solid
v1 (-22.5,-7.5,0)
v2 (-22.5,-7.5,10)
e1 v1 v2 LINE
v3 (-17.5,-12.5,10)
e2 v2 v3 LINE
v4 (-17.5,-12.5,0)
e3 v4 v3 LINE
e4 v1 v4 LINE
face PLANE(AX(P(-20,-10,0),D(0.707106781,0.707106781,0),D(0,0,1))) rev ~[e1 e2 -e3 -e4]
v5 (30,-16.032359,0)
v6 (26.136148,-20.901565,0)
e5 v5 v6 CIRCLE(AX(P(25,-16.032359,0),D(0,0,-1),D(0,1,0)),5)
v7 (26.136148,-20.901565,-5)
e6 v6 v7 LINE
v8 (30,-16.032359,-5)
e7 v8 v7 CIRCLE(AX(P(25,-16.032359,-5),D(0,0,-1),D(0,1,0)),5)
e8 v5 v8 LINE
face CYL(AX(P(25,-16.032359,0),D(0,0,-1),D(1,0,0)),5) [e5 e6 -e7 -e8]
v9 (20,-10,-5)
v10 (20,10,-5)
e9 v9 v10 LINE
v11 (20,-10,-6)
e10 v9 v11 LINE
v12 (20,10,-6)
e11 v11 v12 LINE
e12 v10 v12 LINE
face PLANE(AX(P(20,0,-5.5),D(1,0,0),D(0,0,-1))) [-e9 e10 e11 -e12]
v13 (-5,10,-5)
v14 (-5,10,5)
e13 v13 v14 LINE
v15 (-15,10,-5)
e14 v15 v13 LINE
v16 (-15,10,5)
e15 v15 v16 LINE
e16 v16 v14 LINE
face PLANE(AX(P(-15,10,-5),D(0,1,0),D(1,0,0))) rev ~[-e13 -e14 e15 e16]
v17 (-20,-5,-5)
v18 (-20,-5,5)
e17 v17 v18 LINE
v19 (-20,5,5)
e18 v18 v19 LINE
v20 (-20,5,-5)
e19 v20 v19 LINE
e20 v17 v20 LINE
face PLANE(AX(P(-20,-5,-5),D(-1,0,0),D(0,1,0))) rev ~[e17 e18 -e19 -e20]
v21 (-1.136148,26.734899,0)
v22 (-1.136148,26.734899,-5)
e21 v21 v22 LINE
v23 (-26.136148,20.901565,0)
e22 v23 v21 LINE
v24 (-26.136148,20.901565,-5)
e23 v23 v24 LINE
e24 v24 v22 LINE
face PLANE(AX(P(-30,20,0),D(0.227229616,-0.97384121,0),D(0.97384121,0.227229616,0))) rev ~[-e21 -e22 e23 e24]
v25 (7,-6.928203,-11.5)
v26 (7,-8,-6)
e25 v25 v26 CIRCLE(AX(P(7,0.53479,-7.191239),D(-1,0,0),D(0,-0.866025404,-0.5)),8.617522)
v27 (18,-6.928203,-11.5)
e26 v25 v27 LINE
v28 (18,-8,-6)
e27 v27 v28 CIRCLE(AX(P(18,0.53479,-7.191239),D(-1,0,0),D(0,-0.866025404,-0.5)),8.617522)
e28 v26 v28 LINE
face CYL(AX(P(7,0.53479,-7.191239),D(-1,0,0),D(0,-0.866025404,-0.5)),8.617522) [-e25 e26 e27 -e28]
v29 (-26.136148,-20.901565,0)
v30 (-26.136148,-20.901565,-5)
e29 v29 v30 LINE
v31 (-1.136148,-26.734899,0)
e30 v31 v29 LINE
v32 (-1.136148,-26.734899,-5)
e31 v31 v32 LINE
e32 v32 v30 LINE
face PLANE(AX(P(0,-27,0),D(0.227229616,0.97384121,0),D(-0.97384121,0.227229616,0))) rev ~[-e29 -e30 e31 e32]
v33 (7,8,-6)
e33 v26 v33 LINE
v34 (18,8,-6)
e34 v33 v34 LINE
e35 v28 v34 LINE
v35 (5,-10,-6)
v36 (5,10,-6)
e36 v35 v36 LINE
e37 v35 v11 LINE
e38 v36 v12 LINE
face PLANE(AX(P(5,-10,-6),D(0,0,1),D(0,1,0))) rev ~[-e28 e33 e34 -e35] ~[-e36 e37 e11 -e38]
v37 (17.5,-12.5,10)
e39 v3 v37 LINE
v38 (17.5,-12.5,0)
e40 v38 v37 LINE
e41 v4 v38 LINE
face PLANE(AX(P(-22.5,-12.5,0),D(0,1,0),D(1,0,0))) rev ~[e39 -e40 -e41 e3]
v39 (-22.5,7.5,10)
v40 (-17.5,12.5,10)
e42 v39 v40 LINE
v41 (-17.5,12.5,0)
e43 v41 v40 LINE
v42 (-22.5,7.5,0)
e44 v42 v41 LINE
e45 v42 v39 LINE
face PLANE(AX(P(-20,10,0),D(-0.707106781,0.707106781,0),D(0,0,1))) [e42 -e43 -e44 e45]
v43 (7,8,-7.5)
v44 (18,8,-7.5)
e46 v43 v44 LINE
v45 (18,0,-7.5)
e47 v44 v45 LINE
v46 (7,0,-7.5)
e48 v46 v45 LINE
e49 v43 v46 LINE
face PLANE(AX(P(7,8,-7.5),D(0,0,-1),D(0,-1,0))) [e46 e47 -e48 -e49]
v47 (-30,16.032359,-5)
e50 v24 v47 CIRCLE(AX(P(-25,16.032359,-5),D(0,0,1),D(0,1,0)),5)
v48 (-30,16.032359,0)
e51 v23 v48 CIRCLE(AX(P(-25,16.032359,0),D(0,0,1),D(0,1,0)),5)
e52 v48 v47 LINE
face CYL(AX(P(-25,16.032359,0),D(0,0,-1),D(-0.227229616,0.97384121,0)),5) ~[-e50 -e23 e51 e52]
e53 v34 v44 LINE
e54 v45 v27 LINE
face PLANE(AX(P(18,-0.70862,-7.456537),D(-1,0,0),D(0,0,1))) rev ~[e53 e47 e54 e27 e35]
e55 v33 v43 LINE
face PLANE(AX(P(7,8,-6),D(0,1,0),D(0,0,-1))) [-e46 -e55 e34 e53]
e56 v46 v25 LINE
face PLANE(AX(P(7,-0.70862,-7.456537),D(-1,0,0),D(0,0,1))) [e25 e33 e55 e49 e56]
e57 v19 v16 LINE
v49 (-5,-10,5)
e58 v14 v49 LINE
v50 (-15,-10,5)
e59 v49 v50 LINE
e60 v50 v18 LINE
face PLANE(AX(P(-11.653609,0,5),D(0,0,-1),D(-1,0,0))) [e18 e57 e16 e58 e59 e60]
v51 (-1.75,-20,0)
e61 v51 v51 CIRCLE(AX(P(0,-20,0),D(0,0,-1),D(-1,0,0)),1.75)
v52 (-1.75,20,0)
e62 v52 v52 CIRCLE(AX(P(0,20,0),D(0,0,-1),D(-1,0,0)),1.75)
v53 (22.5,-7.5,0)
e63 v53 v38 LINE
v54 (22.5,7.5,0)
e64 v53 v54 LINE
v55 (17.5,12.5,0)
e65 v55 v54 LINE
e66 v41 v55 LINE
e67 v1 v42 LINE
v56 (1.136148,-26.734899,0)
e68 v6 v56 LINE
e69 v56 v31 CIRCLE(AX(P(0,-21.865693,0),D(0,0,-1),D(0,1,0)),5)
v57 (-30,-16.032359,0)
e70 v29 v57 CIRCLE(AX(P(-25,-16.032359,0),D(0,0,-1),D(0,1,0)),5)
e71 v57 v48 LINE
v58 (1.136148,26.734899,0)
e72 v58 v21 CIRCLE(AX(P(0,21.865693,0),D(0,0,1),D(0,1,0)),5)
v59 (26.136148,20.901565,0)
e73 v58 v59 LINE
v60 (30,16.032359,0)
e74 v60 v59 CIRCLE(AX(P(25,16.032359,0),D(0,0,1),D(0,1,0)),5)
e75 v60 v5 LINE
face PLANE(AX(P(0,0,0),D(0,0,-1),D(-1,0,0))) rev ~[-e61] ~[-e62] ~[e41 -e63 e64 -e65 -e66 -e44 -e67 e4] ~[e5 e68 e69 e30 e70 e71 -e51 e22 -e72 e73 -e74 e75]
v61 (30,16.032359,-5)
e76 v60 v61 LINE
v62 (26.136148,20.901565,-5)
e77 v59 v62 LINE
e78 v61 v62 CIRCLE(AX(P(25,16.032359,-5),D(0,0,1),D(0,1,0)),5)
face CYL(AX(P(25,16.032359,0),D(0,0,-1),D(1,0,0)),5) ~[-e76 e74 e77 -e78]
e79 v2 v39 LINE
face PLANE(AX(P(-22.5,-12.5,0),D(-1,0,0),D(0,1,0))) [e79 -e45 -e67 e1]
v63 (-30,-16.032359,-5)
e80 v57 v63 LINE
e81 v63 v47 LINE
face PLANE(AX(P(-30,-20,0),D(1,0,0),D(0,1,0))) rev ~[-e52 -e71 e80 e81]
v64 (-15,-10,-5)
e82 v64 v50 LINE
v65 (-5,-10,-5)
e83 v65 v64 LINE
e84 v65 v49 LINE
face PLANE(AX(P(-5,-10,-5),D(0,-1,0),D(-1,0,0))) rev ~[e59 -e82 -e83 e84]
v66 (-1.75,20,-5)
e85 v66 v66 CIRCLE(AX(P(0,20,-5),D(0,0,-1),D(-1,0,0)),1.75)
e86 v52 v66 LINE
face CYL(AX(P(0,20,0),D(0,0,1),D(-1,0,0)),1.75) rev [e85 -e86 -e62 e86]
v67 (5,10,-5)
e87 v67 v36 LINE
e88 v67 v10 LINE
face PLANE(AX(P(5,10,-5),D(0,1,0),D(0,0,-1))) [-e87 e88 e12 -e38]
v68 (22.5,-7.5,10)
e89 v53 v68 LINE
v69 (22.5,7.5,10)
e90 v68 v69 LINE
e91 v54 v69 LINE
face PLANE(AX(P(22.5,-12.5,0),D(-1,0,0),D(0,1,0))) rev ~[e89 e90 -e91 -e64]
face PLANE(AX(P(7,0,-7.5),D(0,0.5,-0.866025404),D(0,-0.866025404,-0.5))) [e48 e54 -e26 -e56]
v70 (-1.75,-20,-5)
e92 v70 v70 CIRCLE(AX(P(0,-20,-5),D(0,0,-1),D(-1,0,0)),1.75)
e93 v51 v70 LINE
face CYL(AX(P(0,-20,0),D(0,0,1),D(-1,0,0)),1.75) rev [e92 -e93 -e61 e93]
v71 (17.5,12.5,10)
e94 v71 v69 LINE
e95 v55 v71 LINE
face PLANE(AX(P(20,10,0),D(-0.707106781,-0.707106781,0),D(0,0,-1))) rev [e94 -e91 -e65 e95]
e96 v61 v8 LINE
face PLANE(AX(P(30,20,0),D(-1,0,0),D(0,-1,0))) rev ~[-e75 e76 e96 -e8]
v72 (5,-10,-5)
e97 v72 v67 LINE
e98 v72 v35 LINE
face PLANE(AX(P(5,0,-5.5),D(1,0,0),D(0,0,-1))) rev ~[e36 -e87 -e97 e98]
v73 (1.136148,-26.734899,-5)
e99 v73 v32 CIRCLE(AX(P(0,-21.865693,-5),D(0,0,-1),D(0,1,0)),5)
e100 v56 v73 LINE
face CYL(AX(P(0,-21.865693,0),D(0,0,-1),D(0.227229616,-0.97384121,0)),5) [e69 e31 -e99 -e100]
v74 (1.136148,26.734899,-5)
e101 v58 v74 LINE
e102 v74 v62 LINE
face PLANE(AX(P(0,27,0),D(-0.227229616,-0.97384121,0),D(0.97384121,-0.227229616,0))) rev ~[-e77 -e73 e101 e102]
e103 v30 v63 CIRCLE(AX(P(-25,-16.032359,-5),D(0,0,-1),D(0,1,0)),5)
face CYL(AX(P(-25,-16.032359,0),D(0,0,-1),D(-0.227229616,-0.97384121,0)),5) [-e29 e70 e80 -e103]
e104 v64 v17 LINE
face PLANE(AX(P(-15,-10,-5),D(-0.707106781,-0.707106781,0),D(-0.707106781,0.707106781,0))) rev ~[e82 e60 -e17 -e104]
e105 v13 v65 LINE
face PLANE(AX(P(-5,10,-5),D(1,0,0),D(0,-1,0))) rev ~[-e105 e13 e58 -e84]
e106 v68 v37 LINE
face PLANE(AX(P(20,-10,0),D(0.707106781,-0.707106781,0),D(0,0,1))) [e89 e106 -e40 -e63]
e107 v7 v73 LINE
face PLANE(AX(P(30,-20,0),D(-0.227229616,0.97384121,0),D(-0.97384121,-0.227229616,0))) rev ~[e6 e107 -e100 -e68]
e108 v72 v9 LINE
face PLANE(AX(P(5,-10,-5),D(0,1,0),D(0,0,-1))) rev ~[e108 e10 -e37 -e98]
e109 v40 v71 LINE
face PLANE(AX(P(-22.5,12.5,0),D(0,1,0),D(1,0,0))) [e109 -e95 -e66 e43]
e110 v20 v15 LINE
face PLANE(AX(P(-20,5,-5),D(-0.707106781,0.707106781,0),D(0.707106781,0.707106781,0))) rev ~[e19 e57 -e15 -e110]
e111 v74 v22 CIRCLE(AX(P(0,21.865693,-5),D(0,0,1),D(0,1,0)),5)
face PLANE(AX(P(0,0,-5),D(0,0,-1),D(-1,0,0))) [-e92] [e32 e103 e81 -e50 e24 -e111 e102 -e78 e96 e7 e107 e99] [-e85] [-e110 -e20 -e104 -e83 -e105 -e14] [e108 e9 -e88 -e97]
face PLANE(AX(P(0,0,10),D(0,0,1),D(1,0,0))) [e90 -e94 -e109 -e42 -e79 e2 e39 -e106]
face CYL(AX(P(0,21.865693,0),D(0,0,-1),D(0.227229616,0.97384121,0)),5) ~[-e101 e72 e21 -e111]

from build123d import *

# Parameters (mm, degrees)
SKETCH1_W           = 45
SKETCH1_H           = 25
BOSS_EXTRUDE1_DEPTH = 10
SKETCH2_R           = 1.75
BOSS_EXTRUDE2_DEPTH = 5
FILLET1_R           = 5
CUT_EXTRUDE1_DEPTH  = 10
SKETCH4_W           = 1
SKETCH4_H           = 20
BOSS_EXTRUDE3_DEPTH = 15
BOSS_EXTRUDE4_DEPTH = 11
CHAMFER1_SIZE       = 5


with BuildPart() as part:
    # Sketch1 → Boss-Extrude1 (new body)
    with BuildSketch(Plane.XY):
        Rectangle(SKETCH1_W, SKETCH1_H)
    extrude(amount=BOSS_EXTRUDE1_DEPTH)

    # Sketch2 → Boss-Extrude2 (add)
    with BuildSketch(Plane(origin=(0, 0, 0), x_dir=(-1, 0, 0), z_dir=(0, 0, -1))):
        Polygon((-30, 20), (-30, -20), (0, -27), (30, -20), (30, 20), (0, 27), align=None)
        with Locations((0, 20)):
            Circle(SKETCH2_R, mode=Mode.SUBTRACT)
        with Locations((0, -20)):
            Circle(SKETCH2_R, mode=Mode.SUBTRACT)
    extrude(amount=BOSS_EXTRUDE2_DEPTH)

    # Fillet1
    fillet1_edges = [part.edges().sort_by_distance(p)[0] for p in [
        (0, -27, -2.5),
        (-30, -20, -2.5),
        (-30, 20, -2.5),
        (0, 27, -2.5),
        (30, 20, -2.5),
        (30, -20, -2.5),
    ]]
    fillet(fillet1_edges, radius=FILLET1_R)

    # Sketch3 → Cut-Extrude1 (cut)
    with BuildSketch(Plane(origin=(0, 0, -5), x_dir=(-1, 0, 0), z_dir=(0, 0, -1))):
        Polygon((5, 10), (5, -10), (15, -10), (20, -5), (20, 5), (15, 10), align=None)
    extrude(amount=-CUT_EXTRUDE1_DEPTH, mode=Mode.SUBTRACT)

    # Sketch4 → Boss-Extrude3 (add)
    with BuildSketch(Plane(origin=(5, 0, 0), x_dir=(0, 0, -1), z_dir=(1, 0, 0))):
        with Locations((5.5, 0)):
            Rectangle(SKETCH4_W, SKETCH4_H)
    extrude(amount=BOSS_EXTRUDE3_DEPTH)

    # Sketch5 → Boss-Extrude4 (add)
    with BuildSketch(Plane(origin=(7, 0, 0), x_dir=(0, 0, -1), z_dir=(1, 0, 0))):
        with BuildLine():
            Line((6, 8), (7.5, 8))
            Line((7.5, 8), (7.5, 0))
            Line((7.5, 0), (11.5, -6.92820323))
            ThreePointArc((11.5, -6.92820323), (8.839548107, -7.923623984), (6, -8))
            Line((6, -8), (6, 8))
        make_face()
    extrude(amount=BOSS_EXTRUDE4_DEPTH)

    # Chamfer1
    chamfer1_edges = [part.edges().sort_by_distance(p)[0] for p in [
        (22.5, -12.5, 5),
        (-22.5, -12.5, 5),
        (-22.5, 12.5, 5),
        (22.5, 12.5, 5),
    ]]
    chamfer(chamfer1_edges, length=CHAMFER1_SIZE)


solid = part.part
